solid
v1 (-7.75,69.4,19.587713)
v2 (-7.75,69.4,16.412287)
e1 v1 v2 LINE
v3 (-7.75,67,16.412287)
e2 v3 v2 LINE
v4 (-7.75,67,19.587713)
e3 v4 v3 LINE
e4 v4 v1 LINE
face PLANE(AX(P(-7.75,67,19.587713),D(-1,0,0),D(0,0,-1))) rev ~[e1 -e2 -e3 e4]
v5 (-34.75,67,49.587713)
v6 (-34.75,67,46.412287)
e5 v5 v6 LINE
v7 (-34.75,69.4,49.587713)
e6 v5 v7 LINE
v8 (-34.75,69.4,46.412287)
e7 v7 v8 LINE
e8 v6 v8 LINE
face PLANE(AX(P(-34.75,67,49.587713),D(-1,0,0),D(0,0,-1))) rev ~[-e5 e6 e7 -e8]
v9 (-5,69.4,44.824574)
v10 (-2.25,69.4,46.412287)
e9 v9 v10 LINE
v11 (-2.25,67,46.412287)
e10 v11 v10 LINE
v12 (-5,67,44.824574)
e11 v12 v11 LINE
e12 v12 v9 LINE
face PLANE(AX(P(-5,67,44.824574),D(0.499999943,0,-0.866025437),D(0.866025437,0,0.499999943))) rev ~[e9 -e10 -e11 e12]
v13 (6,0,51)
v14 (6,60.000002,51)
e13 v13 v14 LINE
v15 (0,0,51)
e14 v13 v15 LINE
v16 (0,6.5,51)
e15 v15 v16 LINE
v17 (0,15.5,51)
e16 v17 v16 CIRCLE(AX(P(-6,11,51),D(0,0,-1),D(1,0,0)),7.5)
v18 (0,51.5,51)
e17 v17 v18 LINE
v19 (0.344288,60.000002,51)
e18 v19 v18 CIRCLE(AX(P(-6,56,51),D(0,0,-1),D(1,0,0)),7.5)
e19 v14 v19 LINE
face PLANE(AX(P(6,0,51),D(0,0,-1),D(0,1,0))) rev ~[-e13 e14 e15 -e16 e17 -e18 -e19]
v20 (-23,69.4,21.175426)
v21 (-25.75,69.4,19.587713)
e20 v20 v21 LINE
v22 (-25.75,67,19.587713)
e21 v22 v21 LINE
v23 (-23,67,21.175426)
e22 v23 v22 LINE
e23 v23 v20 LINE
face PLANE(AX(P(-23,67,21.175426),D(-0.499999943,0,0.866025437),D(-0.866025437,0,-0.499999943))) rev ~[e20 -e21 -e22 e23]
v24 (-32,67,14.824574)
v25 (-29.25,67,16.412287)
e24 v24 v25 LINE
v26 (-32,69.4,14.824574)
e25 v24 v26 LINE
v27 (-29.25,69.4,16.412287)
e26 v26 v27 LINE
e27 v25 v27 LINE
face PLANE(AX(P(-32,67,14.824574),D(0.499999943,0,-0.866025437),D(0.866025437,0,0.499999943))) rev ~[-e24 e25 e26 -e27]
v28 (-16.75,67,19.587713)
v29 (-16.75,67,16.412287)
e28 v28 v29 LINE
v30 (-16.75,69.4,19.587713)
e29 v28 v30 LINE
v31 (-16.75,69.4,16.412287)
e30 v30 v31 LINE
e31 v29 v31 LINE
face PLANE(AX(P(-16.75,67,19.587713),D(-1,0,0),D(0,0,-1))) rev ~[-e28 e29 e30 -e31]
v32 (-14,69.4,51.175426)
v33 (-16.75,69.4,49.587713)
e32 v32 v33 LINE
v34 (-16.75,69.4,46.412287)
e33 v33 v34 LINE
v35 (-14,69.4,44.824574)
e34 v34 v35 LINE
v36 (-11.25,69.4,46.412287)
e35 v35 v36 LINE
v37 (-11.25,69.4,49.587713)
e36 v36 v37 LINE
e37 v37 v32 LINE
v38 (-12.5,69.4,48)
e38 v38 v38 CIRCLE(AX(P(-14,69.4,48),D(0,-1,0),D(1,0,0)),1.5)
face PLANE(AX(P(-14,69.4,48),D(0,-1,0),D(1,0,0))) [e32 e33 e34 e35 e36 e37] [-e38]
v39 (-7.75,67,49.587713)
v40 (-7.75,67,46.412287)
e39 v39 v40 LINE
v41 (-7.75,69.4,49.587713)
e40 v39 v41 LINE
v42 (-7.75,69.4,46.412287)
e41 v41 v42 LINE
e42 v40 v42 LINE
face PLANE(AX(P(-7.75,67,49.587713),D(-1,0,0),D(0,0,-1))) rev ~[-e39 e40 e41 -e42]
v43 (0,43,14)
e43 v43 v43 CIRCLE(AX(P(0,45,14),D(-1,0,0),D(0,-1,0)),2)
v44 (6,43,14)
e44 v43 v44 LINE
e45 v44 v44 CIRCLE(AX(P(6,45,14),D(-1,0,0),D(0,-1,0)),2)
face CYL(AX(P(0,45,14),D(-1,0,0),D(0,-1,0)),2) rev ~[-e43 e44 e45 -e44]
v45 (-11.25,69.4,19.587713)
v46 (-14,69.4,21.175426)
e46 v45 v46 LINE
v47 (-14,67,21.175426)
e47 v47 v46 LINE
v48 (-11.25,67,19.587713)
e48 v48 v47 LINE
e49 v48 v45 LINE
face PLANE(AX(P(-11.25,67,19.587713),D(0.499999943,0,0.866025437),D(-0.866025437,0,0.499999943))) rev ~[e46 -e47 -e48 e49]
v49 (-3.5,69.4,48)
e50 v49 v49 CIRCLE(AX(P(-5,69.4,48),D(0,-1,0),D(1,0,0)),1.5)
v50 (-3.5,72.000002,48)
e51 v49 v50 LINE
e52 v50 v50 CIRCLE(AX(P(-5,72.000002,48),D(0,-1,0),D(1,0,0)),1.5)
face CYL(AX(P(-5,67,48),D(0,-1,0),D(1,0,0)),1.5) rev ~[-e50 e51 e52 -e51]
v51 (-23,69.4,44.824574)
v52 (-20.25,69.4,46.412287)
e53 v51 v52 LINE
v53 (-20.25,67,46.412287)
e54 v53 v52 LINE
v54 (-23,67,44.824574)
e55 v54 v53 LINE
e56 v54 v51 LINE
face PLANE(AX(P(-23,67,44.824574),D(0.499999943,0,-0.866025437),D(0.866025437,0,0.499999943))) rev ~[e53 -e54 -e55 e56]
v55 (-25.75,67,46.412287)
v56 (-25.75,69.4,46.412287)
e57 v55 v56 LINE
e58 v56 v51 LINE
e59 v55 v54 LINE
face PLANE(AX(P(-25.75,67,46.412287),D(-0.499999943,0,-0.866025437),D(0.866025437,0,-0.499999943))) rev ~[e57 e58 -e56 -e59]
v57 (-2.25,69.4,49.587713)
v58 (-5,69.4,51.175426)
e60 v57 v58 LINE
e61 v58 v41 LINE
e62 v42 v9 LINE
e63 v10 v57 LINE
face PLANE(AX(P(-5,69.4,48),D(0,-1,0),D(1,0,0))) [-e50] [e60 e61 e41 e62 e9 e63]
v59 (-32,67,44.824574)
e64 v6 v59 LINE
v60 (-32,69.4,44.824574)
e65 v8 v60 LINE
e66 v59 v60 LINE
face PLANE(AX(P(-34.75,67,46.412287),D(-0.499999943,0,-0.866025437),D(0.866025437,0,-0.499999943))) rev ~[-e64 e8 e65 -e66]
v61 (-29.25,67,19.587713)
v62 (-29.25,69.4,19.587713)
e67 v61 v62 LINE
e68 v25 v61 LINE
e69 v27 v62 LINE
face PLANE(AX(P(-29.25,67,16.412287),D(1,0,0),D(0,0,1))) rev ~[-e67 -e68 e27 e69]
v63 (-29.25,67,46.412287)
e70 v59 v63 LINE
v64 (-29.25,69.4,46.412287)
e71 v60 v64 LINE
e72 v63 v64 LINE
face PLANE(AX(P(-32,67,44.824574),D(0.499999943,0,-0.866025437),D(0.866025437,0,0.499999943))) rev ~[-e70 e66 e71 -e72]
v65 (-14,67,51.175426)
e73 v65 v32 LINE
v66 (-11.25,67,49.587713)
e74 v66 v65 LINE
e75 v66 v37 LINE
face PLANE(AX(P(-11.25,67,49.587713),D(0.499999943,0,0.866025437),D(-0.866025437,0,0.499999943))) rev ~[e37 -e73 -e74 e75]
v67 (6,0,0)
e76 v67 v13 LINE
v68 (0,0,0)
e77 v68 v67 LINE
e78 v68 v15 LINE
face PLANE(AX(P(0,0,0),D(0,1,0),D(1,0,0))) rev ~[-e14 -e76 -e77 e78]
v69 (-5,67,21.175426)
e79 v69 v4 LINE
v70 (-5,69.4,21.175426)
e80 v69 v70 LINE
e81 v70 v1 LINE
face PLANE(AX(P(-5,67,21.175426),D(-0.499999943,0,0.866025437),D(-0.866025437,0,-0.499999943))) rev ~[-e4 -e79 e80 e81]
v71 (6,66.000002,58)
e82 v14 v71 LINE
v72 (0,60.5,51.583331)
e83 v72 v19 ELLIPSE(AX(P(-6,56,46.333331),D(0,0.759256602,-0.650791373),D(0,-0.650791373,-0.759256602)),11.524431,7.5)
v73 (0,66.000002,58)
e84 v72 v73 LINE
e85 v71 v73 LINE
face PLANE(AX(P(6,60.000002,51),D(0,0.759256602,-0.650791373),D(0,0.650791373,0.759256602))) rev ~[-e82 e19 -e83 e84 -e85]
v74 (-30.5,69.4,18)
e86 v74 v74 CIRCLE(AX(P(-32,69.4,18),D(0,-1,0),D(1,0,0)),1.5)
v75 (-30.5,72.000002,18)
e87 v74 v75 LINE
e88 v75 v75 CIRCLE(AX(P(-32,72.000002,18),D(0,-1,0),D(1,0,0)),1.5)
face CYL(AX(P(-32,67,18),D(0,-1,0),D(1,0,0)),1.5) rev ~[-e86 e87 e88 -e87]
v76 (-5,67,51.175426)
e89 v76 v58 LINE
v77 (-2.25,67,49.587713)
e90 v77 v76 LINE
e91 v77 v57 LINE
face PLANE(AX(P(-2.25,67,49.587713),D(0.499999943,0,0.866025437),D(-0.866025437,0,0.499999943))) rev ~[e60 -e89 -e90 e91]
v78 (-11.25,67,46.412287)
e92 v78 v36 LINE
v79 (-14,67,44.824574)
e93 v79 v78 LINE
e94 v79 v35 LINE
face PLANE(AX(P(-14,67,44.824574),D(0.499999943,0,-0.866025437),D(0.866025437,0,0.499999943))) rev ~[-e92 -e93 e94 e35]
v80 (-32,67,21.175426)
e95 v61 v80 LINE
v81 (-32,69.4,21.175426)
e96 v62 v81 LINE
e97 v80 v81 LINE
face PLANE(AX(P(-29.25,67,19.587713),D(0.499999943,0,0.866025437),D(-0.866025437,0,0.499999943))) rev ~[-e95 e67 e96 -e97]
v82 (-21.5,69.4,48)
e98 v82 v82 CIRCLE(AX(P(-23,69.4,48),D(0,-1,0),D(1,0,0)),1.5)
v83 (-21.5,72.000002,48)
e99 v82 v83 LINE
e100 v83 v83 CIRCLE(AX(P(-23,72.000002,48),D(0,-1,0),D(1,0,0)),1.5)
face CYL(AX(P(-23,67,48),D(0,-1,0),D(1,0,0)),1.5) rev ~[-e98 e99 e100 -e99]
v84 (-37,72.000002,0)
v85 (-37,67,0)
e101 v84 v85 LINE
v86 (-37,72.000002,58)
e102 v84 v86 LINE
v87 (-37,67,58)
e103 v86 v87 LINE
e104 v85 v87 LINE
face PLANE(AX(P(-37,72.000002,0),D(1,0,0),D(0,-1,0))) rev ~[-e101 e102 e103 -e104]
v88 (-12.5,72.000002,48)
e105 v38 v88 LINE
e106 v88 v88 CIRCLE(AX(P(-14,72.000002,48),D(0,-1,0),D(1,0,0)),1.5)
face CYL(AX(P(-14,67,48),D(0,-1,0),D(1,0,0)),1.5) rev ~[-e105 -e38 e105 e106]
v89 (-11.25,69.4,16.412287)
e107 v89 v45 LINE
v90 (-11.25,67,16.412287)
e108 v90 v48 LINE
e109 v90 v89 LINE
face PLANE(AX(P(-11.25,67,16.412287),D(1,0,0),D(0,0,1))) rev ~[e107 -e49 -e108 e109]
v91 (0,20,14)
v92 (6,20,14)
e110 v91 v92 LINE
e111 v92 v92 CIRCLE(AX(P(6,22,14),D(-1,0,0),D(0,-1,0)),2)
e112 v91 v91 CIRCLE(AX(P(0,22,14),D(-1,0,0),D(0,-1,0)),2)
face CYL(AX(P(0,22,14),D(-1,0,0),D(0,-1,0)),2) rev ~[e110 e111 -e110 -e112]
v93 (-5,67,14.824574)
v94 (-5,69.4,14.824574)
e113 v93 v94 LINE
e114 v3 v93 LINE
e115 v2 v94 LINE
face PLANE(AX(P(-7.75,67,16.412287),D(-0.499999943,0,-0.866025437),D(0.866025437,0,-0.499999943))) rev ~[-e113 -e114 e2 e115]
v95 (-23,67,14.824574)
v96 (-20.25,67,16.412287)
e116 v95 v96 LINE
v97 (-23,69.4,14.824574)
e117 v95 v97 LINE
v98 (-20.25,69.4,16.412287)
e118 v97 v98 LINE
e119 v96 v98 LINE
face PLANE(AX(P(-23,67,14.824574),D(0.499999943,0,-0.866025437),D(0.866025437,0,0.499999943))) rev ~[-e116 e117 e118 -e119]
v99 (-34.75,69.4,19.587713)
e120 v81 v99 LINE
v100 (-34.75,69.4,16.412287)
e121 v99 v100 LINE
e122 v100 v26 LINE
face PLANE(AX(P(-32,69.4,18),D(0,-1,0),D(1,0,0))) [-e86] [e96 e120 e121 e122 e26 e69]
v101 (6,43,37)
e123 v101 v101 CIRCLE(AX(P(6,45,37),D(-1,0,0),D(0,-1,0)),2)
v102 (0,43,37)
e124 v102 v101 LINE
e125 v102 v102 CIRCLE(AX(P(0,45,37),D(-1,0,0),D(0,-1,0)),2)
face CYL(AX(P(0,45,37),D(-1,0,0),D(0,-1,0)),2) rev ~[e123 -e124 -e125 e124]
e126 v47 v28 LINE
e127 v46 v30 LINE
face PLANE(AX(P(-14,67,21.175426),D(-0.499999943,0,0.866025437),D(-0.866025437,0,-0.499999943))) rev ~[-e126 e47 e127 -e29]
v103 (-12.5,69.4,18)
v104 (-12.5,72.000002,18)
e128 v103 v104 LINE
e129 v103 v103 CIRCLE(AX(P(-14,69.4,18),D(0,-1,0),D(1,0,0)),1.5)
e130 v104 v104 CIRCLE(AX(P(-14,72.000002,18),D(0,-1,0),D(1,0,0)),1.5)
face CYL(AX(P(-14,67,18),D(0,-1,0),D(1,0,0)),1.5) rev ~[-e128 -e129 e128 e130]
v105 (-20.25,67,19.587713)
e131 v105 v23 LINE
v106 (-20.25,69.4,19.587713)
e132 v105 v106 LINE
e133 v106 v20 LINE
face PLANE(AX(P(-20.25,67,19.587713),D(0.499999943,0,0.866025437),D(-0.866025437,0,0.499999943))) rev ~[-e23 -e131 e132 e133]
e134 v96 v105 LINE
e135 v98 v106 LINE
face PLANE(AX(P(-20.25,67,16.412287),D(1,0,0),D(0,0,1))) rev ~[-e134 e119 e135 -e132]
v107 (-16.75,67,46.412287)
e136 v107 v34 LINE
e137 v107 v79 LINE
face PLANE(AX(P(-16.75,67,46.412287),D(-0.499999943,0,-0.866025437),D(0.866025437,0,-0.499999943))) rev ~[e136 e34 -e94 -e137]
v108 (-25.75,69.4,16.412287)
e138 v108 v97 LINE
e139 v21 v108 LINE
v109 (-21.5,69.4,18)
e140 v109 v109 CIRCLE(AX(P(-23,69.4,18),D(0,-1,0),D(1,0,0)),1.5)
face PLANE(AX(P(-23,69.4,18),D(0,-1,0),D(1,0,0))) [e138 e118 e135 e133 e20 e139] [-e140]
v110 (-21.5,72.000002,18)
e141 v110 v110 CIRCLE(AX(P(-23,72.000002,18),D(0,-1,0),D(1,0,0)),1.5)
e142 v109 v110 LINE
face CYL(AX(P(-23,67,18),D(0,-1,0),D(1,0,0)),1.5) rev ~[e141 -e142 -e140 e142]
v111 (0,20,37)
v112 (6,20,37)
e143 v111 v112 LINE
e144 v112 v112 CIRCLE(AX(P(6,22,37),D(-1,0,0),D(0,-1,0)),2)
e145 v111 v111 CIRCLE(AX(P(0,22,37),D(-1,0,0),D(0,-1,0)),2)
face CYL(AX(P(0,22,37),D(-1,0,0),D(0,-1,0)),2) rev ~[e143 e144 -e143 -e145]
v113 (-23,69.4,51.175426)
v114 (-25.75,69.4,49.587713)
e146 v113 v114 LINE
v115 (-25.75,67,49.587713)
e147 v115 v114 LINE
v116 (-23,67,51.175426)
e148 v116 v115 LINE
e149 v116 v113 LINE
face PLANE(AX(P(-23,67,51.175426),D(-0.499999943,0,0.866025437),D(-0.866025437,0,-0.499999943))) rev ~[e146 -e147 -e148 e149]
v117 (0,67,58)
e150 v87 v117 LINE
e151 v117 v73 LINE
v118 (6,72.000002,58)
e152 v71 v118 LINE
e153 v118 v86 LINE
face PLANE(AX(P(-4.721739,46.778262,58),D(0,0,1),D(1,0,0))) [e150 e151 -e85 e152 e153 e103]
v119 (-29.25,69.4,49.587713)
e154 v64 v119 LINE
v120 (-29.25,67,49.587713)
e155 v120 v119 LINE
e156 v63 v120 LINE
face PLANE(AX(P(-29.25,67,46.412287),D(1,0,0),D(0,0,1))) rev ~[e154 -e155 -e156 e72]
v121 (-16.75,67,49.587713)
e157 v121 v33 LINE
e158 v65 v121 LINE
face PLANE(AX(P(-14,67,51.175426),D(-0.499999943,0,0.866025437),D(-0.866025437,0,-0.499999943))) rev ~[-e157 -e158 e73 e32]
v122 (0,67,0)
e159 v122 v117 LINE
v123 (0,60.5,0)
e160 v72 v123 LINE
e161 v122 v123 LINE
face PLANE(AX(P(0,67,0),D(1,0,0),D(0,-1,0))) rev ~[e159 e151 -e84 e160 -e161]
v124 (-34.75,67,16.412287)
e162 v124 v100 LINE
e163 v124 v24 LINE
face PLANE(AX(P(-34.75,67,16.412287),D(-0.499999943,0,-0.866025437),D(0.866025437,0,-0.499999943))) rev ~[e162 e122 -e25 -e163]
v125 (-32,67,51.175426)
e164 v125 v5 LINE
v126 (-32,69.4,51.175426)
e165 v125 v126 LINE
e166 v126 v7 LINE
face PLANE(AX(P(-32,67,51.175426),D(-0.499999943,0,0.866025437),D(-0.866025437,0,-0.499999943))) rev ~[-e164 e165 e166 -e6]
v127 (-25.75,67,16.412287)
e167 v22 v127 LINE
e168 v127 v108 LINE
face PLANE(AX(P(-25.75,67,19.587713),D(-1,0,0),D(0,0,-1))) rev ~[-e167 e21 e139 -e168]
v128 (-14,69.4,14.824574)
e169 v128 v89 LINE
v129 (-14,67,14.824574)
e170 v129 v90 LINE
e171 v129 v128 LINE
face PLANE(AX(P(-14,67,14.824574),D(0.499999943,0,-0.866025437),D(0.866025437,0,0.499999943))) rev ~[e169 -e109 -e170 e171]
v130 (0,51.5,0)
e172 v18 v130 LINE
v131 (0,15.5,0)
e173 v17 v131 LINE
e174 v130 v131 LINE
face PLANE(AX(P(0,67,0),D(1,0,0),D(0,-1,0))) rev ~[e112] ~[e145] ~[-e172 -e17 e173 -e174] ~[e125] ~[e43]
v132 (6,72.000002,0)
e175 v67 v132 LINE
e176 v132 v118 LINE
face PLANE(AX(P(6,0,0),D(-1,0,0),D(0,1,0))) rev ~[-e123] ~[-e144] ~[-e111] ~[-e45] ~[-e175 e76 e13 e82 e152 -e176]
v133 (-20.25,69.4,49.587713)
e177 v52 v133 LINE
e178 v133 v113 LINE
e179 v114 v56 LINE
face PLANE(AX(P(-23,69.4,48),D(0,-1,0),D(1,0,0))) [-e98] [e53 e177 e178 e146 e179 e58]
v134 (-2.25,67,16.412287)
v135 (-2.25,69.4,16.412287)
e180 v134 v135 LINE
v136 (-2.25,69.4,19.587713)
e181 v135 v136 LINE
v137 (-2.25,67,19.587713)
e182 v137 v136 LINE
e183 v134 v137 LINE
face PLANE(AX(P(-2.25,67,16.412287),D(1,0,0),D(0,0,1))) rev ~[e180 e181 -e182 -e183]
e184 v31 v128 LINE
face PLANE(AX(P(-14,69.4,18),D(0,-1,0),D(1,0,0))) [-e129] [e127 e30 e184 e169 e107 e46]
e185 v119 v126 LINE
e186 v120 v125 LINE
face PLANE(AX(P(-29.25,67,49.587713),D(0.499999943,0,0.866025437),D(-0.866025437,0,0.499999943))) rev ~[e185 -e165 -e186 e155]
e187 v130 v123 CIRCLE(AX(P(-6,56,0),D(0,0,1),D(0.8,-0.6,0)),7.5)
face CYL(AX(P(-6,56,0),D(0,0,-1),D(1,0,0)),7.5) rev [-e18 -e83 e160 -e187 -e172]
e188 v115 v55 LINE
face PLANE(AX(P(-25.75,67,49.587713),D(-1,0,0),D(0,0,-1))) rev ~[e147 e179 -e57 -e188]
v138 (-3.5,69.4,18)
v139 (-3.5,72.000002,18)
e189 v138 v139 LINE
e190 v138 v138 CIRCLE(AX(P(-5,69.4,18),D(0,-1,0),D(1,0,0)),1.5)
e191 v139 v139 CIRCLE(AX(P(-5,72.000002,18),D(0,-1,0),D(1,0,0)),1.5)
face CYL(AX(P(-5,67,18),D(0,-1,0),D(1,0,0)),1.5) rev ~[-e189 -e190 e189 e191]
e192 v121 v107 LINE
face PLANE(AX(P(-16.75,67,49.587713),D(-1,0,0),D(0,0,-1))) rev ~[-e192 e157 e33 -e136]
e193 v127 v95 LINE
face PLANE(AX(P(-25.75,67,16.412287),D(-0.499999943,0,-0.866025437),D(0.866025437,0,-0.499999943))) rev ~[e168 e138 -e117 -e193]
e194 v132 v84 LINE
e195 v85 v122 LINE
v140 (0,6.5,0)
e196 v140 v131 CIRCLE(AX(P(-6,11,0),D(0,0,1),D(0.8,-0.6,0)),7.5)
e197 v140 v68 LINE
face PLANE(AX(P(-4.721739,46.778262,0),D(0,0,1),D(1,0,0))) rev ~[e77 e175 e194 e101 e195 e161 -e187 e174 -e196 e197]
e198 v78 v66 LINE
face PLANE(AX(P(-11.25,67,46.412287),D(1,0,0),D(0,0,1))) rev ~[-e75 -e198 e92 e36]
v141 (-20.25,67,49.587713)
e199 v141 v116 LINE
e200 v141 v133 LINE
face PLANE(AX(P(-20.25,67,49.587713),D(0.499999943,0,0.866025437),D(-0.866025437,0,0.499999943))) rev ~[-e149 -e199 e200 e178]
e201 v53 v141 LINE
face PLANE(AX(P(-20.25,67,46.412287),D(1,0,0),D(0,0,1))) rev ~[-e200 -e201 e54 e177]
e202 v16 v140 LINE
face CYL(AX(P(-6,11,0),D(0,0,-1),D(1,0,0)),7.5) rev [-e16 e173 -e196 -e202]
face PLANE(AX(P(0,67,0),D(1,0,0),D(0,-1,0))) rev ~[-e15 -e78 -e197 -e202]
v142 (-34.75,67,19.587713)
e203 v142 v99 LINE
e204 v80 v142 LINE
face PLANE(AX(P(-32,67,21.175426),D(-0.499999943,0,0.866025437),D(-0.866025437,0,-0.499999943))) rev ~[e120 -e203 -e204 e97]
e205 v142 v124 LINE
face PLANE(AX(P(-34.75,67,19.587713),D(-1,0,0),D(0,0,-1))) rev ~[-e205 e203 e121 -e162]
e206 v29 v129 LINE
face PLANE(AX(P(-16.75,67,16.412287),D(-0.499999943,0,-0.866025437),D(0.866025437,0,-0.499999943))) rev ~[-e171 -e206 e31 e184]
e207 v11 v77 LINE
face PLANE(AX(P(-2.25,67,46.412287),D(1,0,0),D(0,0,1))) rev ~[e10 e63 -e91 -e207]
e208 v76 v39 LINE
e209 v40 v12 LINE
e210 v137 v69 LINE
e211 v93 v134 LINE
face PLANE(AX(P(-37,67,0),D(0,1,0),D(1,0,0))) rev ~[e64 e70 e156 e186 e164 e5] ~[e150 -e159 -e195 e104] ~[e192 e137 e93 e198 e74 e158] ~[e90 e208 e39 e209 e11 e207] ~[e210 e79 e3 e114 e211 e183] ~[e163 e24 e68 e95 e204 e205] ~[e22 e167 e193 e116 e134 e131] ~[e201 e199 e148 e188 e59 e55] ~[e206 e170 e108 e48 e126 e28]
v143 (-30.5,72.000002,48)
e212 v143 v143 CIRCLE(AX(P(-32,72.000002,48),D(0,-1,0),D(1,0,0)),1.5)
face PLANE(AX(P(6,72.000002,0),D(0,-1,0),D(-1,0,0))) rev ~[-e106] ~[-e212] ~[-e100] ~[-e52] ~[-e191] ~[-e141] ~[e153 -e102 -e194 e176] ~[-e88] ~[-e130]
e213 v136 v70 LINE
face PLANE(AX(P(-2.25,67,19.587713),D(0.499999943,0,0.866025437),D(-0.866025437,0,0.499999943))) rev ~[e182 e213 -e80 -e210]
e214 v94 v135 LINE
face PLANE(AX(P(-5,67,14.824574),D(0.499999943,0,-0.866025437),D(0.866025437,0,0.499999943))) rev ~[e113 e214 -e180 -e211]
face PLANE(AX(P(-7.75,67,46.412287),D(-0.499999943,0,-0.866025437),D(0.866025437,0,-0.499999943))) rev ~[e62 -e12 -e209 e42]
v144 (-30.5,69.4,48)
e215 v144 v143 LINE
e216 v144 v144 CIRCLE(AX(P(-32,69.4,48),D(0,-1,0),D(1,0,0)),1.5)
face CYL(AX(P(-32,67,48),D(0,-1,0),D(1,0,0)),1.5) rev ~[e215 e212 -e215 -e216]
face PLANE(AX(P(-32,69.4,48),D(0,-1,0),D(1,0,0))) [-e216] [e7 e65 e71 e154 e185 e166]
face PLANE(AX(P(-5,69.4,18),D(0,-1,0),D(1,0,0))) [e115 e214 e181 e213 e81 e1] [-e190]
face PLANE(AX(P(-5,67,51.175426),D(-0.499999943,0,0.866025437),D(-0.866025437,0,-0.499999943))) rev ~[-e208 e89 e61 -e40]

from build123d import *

# Parameters (mm, degrees)
F1_DEPTH  = 58
F2_R      = 2
F3_DEPTH  = 6.001
F4_R      = 7.5
F5_DEPTH  = 58.001
F7_DEPTH  = 43.001
F8_R      = 1.5
F9_DEPTH  = 2.4
F10_DEPTH = 5.001002


with BuildPart() as f1:
    # F0 (on Top) → F1 (new body)
    with BuildSketch(Plane.XY):
        Polygon((0, 67), (0, 0), (6, 0), (6, 72.000002), (-37, 72.000002), (-37, 67), align=None)
    extrude(amount=F1_DEPTH)

    # F2 (on face) → F3 (cut, through all)
    with BuildSketch(Plane(origin=(0, 0, 0), x_dir=(0, -1, 0), z_dir=(-1, 0, 0))):
        with Locations((-45, 37)):
            Circle(F2_R)
        with Locations((-45, 14)):
            Circle(F2_R)
        with Locations((-22, 14)):
            Circle(F2_R)
        with Locations((-22, 37)):
            Circle(F2_R)
    extrude(amount=-F3_DEPTH, mode=Mode.SUBTRACT)

    # F4 (on face) → F5 (cut, through all)
    with BuildSketch(Plane.XY):
        with Locations((-6, 11)):
            Circle(F4_R)
        with Locations((-6, 56)):
            Circle(F4_R)
    extrude(amount=F5_DEPTH, mode=Mode.SUBTRACT)

    # F6 (on face) → F7 (cut, through all)
    with BuildSketch(Plane.YZ.offset(6)):
        Polygon((60.000002, 51), (66.000002, 58), (0, 58), (0, 51), align=None)
    extrude(amount=-F7_DEPTH, mode=Mode.SUBTRACT)

    # F8 (on face) → F9 (cut)
    with BuildSketch(Plane.XZ.offset(-67)):
        Polygon((-7.75, 49.587713), (-7.75, 46.412287), (-5, 44.824574), (-2.25, 46.412287), (-2.25, 49.587713), (-5, 51.175426), align=None)
        with Locations((-5, 48)):
            Circle(F8_R, mode=Mode.SUBTRACT)
        Polygon((-2.25, 16.412287), (-2.25, 19.587713), (-5, 21.175426), (-7.75, 19.587713), (-7.75, 16.412287), (-5, 14.824574), align=None)
        with Locations((-5, 18)):
            Circle(F8_R, mode=Mode.SUBTRACT)
        Polygon((-11.25, 46.412287), (-11.25, 49.587713), (-14, 51.175426), (-16.75, 49.587713), (-16.75, 46.412287), (-14, 44.824574), align=None)
        with Locations((-14, 48)):
            Circle(F8_R, mode=Mode.SUBTRACT)
        Polygon((-11.25, 16.412287), (-11.25, 19.587713), (-14, 21.175426), (-16.75, 19.587713), (-16.75, 16.412287), (-14, 14.824574), align=None)
        with Locations((-14, 18)):
            Circle(F8_R, mode=Mode.SUBTRACT)
        Polygon((-20.25, 46.412287), (-20.25, 49.587713), (-23, 51.175426), (-25.75, 49.587713), (-25.75, 46.412287), (-23, 44.824574), align=None)
        with Locations((-23, 48)):
            Circle(F8_R, mode=Mode.SUBTRACT)
        Polygon((-20.25, 16.412287), (-20.25, 19.587713), (-23, 21.175426), (-25.75, 19.587713), (-25.75, 16.412287), (-23, 14.824574), align=None)
        with Locations((-23, 18)):
            Circle(F8_R, mode=Mode.SUBTRACT)
        Polygon((-29.25, 46.412287), (-29.25, 49.587713), (-32, 51.175426), (-34.75, 49.587713), (-34.75, 46.412287), (-32, 44.824574), align=None)
        with Locations((-32, 48)):
            Circle(F8_R, mode=Mode.SUBTRACT)
        Polygon((-29.25, 16.412287), (-29.25, 19.587713), (-32, 21.175426), (-34.75, 19.587713), (-34.75, 16.412287), (-32, 14.824574), align=None)
        with Locations((-32, 18)):
            Circle(F8_R, mode=Mode.SUBTRACT)
    extrude(amount=-F9_DEPTH, mode=Mode.SUBTRACT)

    # F8 (on face) → F10 (cut, through all)
    with BuildSketch(Plane.XZ.offset(-67)):
        with Locations((-32, 48)):
            Circle(F8_R)
        with Locations((-23, 48)):
            Circle(F8_R)
        with Locations((-14, 48)):
            Circle(F8_R)
        with Locations((-5, 48)):
            Circle(F8_R)
        with Locations((-32, 18)):
            Circle(F8_R)
        with Locations((-23, 18)):
            Circle(F8_R)
        with Locations((-14, 18)):
            Circle(F8_R)
        with Locations((-5, 18)):
            Circle(F8_R)
    extrude(amount=-F10_DEPTH, mode=Mode.SUBTRACT)


solid = f1.part
